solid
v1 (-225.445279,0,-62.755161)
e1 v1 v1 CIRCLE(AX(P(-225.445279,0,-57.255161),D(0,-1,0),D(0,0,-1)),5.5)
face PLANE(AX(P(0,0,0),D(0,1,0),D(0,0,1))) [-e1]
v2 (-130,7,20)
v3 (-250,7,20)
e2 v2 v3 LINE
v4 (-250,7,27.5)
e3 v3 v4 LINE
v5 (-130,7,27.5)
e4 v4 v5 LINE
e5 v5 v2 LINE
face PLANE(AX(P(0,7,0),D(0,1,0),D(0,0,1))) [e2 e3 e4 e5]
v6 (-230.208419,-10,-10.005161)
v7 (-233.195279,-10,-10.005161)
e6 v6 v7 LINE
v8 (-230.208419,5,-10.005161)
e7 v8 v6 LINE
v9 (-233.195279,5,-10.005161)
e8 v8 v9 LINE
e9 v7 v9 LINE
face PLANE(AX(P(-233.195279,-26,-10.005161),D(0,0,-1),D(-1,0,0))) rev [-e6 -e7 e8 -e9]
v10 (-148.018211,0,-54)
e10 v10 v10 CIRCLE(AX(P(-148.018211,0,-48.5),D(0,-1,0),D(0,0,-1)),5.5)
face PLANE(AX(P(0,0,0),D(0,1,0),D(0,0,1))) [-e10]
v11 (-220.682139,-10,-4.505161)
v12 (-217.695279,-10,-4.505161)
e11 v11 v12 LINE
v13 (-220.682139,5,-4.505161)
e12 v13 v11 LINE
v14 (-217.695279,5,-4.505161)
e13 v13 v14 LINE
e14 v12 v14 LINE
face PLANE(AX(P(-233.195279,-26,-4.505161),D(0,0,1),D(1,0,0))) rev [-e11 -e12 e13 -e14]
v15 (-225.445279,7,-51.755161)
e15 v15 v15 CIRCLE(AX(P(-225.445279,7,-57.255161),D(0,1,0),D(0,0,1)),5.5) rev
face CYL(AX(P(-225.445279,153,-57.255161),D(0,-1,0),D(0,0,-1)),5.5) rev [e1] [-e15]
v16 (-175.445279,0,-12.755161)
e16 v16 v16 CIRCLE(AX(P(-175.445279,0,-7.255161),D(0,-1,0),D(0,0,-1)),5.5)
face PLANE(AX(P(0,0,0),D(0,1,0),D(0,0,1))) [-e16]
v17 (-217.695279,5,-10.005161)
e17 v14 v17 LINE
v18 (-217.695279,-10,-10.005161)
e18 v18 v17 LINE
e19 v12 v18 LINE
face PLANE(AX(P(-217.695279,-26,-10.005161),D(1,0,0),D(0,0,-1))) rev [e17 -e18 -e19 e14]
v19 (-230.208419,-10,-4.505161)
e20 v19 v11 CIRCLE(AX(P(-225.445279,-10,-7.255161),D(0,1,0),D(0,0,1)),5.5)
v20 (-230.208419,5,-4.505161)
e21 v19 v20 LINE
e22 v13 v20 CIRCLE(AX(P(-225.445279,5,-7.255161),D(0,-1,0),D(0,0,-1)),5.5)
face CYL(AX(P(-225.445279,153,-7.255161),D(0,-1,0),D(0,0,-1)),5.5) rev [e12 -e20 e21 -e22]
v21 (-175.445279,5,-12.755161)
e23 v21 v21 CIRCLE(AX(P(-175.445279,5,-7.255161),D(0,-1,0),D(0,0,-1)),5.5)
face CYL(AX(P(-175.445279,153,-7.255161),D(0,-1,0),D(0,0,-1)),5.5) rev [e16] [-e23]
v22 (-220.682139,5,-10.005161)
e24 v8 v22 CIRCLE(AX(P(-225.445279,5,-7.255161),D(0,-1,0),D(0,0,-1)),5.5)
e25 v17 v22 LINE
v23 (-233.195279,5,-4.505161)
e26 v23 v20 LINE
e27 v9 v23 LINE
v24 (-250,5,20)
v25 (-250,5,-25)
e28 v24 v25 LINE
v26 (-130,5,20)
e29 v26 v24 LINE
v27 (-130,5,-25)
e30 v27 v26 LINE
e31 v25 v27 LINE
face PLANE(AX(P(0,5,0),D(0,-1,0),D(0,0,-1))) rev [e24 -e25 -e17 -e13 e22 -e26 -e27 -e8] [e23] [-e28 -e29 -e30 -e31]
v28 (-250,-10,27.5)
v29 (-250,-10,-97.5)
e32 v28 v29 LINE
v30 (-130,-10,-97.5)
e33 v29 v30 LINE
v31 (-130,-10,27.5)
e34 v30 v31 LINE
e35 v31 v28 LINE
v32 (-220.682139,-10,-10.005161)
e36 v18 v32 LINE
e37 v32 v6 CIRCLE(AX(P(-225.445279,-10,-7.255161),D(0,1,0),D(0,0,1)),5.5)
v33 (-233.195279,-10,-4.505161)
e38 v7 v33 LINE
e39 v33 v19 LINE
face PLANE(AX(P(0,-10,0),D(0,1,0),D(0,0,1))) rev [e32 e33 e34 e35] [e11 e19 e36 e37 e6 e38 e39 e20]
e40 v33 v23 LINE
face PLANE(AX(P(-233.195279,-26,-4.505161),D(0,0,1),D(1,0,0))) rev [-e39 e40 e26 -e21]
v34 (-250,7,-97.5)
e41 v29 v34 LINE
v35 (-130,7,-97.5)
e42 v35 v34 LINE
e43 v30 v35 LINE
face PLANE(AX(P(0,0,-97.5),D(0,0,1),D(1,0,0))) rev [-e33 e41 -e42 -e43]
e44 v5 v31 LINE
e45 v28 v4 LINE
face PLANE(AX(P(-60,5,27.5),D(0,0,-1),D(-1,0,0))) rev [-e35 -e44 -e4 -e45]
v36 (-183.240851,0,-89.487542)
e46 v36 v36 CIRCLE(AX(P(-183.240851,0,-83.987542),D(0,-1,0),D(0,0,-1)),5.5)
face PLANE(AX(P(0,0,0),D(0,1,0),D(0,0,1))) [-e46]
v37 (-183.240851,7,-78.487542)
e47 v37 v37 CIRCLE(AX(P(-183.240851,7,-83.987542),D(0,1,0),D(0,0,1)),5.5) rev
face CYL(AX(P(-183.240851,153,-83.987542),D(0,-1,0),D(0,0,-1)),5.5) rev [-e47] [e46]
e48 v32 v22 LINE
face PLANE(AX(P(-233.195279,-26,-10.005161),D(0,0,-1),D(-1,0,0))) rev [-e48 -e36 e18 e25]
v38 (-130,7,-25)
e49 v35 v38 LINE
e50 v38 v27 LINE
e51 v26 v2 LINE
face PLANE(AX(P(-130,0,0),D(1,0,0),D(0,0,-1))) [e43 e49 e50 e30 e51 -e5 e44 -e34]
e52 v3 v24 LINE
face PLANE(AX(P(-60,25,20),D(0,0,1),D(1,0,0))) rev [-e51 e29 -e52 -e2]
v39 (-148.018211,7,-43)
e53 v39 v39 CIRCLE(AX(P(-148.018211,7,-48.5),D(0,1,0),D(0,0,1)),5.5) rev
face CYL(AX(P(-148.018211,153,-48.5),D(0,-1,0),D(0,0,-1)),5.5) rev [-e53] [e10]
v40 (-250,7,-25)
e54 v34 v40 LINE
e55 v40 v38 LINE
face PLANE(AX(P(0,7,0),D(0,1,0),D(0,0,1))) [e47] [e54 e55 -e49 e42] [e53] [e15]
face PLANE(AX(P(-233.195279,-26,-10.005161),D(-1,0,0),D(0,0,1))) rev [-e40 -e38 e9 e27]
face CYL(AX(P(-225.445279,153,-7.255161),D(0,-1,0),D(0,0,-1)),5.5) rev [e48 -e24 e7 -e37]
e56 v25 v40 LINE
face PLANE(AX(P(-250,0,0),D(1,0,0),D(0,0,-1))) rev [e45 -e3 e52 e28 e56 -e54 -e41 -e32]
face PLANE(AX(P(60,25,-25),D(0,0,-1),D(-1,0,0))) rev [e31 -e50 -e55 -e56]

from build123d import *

# Parameters (mm, degrees)
SKETCH1_W           = 120
SKETCH1_H           = 55
BOSS_EXTRUDE1_DEPTH = 5
SKETCH2_W           = 120
SKETCH2_H           = 7.5
BOSS_EXTRUDE2_DEPTH = 20
SKETCH3_W           = 120
SKETCH3_H           = 2.5
BOSS_EXTRUDE4_DEPTH = 20
BOSS_EXTRUDE5_DEPTH = 190
SKETCH9_W           = 310
SKETCH9_H           = 25
BOSS_EXTRUDE6_DEPTH = 70
SKETCH14_R          = 5.5
CUT_EXTRUDE5_DEPTH  = 153
SKETCH15_W          = 125
SKETCH15_H          = 25
CUT_EXTRUDE6_DEPTH  = 190
SKETCH16_W          = 120
SKETCH16_H          = 125
BOSS_EXTRUDE8_DEPTH = 10
SKETCH17_W          = 120
SKETCH17_H          = 125
CUT_EXTRUDE7_DEPTH  = 18
CUT_EXTRUDE8_START  = -31
SKETCH18_R          = 5.5
CUT_EXTRUDE8_DEPTH  = 31
SKETCH19_W          = 15.5
SKETCH19_H          = 5.5
CUT_EXTRUDE9_DEPTH  = 31


with BuildPart() as part:
    # Sketch1 → Boss-Extrude1 (new body)
    with BuildSketch(Plane(origin=(0, 0, 0), x_dir=(1, 0, 0), z_dir=(0, 1, 0))):
        Rectangle(SKETCH1_W, SKETCH1_H)
    extrude(amount=BOSS_EXTRUDE1_DEPTH)

    # Sketch2 → Boss-Extrude2 (add)
    with BuildSketch(Plane(origin=(0, 5, 0), x_dir=(1, 0, 0), z_dir=(0, 1, 0))):
        with Locations((0, -23.75)):
            Rectangle(SKETCH2_W, SKETCH2_H)
    extrude(amount=BOSS_EXTRUDE2_DEPTH)

    # Sketch3 → Boss-Extrude4 (add)
    with BuildSketch(Plane(origin=(0, 5, 0), x_dir=(1, 0, 0), z_dir=(0, 1, 0))):
        with Locations((0, 26.25)):
            Rectangle(SKETCH3_W, SKETCH3_H)
    extrude(amount=BOSS_EXTRUDE4_DEPTH)

    # Sketch8 → Boss-Extrude5 (add)
    with BuildSketch(Plane.ZY.offset(60)):
        Polygon((-27.5, 0), (-27.5, 25), (-25, 25), (-25, 5), (20, 5), (20, 25), (27.5, 25), (27.5, 0), align=None)
    extrude(amount=BOSS_EXTRUDE5_DEPTH)

    # Sketch9 → Boss-Extrude6 (add)
    with BuildSketch(Plane(origin=(0, 0, -27.5), x_dir=(-1, 0, 0), z_dir=(0, 0, -1))):
        with Locations((95, 12.5)):
            Rectangle(SKETCH9_W, SKETCH9_H)
    extrude(amount=BOSS_EXTRUDE6_DEPTH)

    # Sketch14 → Cut-Extrude5 (cut)
    with BuildSketch(Plane(origin=(0, 0, 0), x_dir=(-1, 0, 0), z_dir=(0, -1, 0))):
        with Locations(Location((225.445279058, 7.255161462, 0), (0, 0, 90))):
            Circle(SKETCH14_R)
        with Locations(Location((175.445279058, 7.255161462, 0), (0, 0, 90))):
            Circle(SKETCH14_R)
        with Locations(Location((225.445279058, 57.255161462, 0), (0, 0, 90))):
            Circle(SKETCH14_R)
        with Locations(Location((148.0182107, 48.5, 0), (0, 0, 90))):
            Circle(SKETCH14_R)
        with Locations(Location((183.240850763, 83.987541856, 0), (0, 0, 90))):
            Circle(SKETCH14_R)
    extrude(amount=-CUT_EXTRUDE5_DEPTH, mode=Mode.SUBTRACT)

    # Sketch15 → Cut-Extrude6 (cut)
    with BuildSketch(Plane(origin=(60, 0, 0), x_dir=(0, 0, -1), z_dir=(1, 0, 0))):
        with Locations((35, 12.5)):
            Rectangle(SKETCH15_W, SKETCH15_H)
    extrude(amount=-CUT_EXTRUDE6_DEPTH, mode=Mode.SUBTRACT)

    # Sketch16 → Boss-Extrude8 (add)
    with BuildSketch(Plane(origin=(0, 0, 0), x_dir=(-1, 0, 0), z_dir=(0, -1, 0))):
        with Locations((190, 35)):
            Rectangle(SKETCH16_W, SKETCH16_H)
    extrude(amount=BOSS_EXTRUDE8_DEPTH)

    # Sketch17 → Cut-Extrude7 (cut)
    with BuildSketch(Plane(origin=(0, 25, 0), x_dir=(1, 0, 0), z_dir=(0, 1, 0))):
        with Locations((-190, 35)):
            Rectangle(SKETCH17_W, SKETCH17_H)
    extrude(amount=-CUT_EXTRUDE7_DEPTH, mode=Mode.SUBTRACT)

    # Sketch18 → Cut-Extrude8 (cut)
    with BuildSketch(Plane(origin=(0, 5, 0), x_dir=(1, 0, 0), z_dir=(0, 1, 0)).offset(CUT_EXTRUDE8_START)):
        with Locations(Location((-225.445279058, 7.255161462, 0), (0, 0, 90))):
            Circle(SKETCH18_R)
    extrude(amount=CUT_EXTRUDE8_DEPTH, mode=Mode.SUBTRACT)

    # Sketch19 → Cut-Extrude9 (cut)
    with BuildSketch(Plane(origin=(0, 5, 0), x_dir=(1, 0, 0), z_dir=(0, 1, 0))):
        with Locations((-225.445279058, 7.255161462)):
            Rectangle(SKETCH19_W, SKETCH19_H)
    extrude(amount=-CUT_EXTRUDE9_DEPTH, mode=Mode.SUBTRACT)


solid = part.part
